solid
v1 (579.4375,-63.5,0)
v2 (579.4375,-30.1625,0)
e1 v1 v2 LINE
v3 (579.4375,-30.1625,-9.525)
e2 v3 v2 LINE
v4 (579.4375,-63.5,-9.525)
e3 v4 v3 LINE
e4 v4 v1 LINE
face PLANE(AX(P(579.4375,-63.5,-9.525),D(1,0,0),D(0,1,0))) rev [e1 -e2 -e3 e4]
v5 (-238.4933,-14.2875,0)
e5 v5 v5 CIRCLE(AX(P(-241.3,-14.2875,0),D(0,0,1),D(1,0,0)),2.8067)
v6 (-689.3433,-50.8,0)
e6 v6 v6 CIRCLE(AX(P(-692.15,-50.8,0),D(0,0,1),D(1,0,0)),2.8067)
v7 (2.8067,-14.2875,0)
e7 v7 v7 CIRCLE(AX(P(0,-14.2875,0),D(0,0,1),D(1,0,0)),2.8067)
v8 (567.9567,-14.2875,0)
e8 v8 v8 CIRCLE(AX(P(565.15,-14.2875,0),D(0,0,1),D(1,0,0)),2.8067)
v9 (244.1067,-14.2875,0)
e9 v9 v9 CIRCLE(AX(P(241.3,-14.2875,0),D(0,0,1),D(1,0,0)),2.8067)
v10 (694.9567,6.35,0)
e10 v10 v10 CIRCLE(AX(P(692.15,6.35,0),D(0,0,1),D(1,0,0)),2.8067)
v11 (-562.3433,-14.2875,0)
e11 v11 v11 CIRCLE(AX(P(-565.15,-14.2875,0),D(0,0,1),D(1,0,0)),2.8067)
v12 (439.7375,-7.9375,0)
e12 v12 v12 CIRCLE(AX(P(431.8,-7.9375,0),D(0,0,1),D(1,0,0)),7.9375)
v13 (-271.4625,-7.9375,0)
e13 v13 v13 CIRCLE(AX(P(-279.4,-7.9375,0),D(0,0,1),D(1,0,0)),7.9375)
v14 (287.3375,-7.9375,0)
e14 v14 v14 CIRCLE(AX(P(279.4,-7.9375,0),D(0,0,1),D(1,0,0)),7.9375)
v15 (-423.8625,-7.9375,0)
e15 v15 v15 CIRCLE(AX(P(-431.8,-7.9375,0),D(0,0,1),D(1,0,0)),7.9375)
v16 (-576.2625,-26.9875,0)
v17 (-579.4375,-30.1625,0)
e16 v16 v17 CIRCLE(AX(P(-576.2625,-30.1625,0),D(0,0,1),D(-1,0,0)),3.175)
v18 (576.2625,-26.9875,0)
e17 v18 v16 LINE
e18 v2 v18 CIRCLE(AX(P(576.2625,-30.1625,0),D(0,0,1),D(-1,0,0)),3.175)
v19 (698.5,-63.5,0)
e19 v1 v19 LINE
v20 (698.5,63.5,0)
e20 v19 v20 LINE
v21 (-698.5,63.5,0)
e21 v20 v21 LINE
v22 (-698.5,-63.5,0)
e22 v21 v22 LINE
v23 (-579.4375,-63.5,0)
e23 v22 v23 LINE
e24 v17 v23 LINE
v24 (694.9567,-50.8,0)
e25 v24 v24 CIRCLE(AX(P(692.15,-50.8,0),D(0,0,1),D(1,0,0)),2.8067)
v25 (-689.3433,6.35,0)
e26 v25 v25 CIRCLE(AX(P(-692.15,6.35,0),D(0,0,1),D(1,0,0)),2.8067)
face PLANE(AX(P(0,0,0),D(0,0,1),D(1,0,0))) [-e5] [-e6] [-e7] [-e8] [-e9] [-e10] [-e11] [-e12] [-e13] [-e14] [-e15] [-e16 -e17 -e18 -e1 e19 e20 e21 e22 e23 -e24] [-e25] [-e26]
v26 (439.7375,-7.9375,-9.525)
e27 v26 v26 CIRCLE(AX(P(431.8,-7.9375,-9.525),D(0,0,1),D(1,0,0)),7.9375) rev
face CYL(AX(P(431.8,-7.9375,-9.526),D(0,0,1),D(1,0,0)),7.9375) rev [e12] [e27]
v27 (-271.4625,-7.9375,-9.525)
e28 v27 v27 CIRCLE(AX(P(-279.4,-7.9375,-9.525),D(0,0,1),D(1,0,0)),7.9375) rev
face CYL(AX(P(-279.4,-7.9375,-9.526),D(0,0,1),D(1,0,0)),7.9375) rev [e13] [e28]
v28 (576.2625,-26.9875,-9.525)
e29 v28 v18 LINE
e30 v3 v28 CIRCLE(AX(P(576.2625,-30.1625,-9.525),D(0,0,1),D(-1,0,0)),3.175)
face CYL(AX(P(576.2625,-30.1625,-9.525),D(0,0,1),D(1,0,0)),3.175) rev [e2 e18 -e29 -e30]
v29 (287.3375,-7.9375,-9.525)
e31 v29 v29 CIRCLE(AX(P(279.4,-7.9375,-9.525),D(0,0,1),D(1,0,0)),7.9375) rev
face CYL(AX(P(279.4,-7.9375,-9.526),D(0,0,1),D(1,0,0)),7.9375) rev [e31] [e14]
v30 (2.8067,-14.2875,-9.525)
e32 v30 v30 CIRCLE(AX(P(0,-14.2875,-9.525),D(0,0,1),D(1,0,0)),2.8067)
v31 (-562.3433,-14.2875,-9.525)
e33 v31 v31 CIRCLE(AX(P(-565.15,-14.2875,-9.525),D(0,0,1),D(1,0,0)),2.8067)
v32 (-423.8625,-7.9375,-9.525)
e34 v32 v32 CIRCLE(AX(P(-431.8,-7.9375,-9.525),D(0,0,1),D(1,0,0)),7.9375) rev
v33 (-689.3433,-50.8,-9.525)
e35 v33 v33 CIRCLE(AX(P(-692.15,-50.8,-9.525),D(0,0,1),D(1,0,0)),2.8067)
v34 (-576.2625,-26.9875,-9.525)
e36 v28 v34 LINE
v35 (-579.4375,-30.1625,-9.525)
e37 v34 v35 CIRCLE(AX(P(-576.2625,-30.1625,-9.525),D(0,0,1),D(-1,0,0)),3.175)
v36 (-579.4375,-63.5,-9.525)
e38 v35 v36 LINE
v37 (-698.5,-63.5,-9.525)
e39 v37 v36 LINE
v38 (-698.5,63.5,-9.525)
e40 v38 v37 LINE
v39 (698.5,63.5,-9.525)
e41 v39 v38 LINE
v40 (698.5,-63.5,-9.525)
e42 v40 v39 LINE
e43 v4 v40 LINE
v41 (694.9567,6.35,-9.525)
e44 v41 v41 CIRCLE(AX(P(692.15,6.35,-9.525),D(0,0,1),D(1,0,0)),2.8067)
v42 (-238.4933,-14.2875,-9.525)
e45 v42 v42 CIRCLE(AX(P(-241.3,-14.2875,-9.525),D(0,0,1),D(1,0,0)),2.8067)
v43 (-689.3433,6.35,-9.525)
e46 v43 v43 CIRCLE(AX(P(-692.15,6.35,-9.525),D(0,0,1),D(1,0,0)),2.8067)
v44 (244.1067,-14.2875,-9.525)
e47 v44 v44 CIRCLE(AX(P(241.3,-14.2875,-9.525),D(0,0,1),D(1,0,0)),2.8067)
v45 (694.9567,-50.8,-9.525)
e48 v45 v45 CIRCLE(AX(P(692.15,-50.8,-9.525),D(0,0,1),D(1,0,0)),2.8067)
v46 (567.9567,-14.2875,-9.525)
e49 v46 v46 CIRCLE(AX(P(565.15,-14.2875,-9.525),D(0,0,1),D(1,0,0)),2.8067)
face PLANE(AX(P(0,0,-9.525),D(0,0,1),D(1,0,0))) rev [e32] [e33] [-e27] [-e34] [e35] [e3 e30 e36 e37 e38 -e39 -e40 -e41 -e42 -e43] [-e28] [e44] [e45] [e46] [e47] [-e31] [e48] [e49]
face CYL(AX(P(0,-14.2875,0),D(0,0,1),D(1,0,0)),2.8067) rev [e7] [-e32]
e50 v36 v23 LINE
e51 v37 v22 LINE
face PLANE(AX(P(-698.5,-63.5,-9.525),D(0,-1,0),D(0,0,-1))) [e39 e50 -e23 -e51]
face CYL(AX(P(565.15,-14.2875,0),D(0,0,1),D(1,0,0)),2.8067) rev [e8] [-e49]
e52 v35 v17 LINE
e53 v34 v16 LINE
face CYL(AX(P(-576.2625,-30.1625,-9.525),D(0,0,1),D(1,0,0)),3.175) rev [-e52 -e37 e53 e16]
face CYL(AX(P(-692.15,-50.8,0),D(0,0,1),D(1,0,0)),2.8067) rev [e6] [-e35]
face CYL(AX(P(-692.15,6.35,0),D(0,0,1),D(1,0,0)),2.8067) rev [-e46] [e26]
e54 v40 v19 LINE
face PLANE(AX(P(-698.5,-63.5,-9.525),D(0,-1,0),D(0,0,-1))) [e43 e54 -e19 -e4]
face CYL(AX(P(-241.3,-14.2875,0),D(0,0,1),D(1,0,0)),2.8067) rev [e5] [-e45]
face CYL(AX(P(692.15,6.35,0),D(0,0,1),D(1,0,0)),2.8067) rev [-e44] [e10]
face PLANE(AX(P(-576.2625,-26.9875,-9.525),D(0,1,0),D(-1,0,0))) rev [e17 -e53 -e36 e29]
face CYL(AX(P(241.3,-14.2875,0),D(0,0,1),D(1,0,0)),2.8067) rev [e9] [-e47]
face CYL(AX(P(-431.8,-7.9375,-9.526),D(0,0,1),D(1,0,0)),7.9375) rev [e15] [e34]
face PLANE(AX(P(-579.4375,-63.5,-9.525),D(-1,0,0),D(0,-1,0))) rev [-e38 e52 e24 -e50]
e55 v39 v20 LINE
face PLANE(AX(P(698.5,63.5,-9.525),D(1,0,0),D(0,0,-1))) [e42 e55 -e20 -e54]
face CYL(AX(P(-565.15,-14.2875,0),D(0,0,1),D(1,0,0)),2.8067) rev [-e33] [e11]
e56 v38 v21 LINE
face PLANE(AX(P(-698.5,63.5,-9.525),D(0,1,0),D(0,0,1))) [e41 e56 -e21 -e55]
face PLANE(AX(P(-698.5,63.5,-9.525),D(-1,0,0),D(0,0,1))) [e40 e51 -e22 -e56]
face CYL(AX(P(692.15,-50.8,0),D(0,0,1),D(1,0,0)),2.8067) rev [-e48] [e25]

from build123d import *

# Parameters (mm, degrees)
SKETCH1_W              = 1397
SKETCH1_H              = 127
BOSS_EXTRUDE1_DEPTH    = 9.525
CUT_EXTRUDE1_DEPTH     = 702.445098083
F_10_CLEARANCE_HOLE1_D = 5.6134
CUT_EXTRUDE2_REACH     = 703.445
SKETCH8_R              = 7.9375


with BuildPart() as part:
    # Sketch1 → Boss-Extrude1 (new body)
    with BuildSketch(Plane.XY):
        Rectangle(SKETCH1_W, SKETCH1_H)
    extrude(amount=-BOSS_EXTRUDE1_DEPTH)

    # Sketch2 → Cut-Extrude1 (cut, through all)
    with BuildSketch(Plane.XY):
        with BuildLine():
            Line((-579.4375, -63.5), (579.4375, -63.5))
            Line((579.4375, -63.5), (579.4375, -30.1625))
            ThreePointArc((579.4375, -30.1625), (578.50756403, -27.91743597), (576.2625, -26.9875))
            Line((576.2625, -26.9875), (-576.2625, -26.9875))
            ThreePointArc((-576.2625, -26.9875), (-578.50756403, -27.91743597), (-579.4375, -30.1625))
            Line((-579.4375, -30.1625), (-579.4375, -63.5))
        make_face()
    extrude(amount=-CUT_EXTRUDE1_DEPTH, mode=Mode.SUBTRACT)

    # #10 Clearance Hole1 (through all)
    with Locations(Plane.XY):
        with Locations((-692.15, 6.35), (-692.15, -50.8), (692.15, 6.35), (692.15, -50.8), (-565.15, -14.2875), (-241.3, -14.2875), (0, -14.2875), (241.3, -14.2875), (565.15, -14.2875)):
            Hole(F_10_CLEARANCE_HOLE1_D / 2)

    # Sketch8 → Cut-Extrude2 (cut, up to next)
    with BuildSketch(Plane.XY, mode=Mode.PRIVATE) as cut_extrude2_sk1:
        with Locations((-431.8, -7.9375)):
            Circle(SKETCH8_R)
    cut_extrude2_tool1 = extrude(cut_extrude2_sk1.sketch, amount=-CUT_EXTRUDE2_REACH, mode=Mode.PRIVATE) & part.part
    # Sketch8 → Cut-Extrude2 (cut, up to next)
    with BuildSketch(Plane.XY, mode=Mode.PRIVATE) as cut_extrude2_sk2:
        with Locations((-279.4, -7.9375)):
            Circle(SKETCH8_R)
    cut_extrude2_tool2 = extrude(cut_extrude2_sk2.sketch, amount=-CUT_EXTRUDE2_REACH, mode=Mode.PRIVATE) & part.part
    # Sketch8 → Cut-Extrude2 (cut, up to next)
    with BuildSketch(Plane.XY, mode=Mode.PRIVATE) as cut_extrude2_sk3:
        with Locations((279.4, -7.9375)):
            Circle(SKETCH8_R)
    cut_extrude2_tool3 = extrude(cut_extrude2_sk3.sketch, amount=-CUT_EXTRUDE2_REACH, mode=Mode.PRIVATE) & part.part
    # Sketch8 → Cut-Extrude2 (cut, up to next)
    with BuildSketch(Plane.XY, mode=Mode.PRIVATE) as cut_extrude2_sk4:
        with Locations((431.8, -7.9375)):
            Circle(SKETCH8_R)
    cut_extrude2_tool4 = extrude(cut_extrude2_sk4.sketch, amount=-CUT_EXTRUDE2_REACH, mode=Mode.PRIVATE) & part.part
    add(cut_extrude2_tool1.solids().sort_by_distance((-431.8, -7.9375, 0))[0], mode=Mode.SUBTRACT)
    add(cut_extrude2_tool2.solids().sort_by_distance((-279.4, -7.9375, 0))[0], mode=Mode.SUBTRACT)
    add(cut_extrude2_tool3.solids().sort_by_distance((279.4, -7.9375, 0))[0], mode=Mode.SUBTRACT)
    add(cut_extrude2_tool4.solids().sort_by_distance((431.8, -7.9375, 0))[0], mode=Mode.SUBTRACT)


solid = part.part
